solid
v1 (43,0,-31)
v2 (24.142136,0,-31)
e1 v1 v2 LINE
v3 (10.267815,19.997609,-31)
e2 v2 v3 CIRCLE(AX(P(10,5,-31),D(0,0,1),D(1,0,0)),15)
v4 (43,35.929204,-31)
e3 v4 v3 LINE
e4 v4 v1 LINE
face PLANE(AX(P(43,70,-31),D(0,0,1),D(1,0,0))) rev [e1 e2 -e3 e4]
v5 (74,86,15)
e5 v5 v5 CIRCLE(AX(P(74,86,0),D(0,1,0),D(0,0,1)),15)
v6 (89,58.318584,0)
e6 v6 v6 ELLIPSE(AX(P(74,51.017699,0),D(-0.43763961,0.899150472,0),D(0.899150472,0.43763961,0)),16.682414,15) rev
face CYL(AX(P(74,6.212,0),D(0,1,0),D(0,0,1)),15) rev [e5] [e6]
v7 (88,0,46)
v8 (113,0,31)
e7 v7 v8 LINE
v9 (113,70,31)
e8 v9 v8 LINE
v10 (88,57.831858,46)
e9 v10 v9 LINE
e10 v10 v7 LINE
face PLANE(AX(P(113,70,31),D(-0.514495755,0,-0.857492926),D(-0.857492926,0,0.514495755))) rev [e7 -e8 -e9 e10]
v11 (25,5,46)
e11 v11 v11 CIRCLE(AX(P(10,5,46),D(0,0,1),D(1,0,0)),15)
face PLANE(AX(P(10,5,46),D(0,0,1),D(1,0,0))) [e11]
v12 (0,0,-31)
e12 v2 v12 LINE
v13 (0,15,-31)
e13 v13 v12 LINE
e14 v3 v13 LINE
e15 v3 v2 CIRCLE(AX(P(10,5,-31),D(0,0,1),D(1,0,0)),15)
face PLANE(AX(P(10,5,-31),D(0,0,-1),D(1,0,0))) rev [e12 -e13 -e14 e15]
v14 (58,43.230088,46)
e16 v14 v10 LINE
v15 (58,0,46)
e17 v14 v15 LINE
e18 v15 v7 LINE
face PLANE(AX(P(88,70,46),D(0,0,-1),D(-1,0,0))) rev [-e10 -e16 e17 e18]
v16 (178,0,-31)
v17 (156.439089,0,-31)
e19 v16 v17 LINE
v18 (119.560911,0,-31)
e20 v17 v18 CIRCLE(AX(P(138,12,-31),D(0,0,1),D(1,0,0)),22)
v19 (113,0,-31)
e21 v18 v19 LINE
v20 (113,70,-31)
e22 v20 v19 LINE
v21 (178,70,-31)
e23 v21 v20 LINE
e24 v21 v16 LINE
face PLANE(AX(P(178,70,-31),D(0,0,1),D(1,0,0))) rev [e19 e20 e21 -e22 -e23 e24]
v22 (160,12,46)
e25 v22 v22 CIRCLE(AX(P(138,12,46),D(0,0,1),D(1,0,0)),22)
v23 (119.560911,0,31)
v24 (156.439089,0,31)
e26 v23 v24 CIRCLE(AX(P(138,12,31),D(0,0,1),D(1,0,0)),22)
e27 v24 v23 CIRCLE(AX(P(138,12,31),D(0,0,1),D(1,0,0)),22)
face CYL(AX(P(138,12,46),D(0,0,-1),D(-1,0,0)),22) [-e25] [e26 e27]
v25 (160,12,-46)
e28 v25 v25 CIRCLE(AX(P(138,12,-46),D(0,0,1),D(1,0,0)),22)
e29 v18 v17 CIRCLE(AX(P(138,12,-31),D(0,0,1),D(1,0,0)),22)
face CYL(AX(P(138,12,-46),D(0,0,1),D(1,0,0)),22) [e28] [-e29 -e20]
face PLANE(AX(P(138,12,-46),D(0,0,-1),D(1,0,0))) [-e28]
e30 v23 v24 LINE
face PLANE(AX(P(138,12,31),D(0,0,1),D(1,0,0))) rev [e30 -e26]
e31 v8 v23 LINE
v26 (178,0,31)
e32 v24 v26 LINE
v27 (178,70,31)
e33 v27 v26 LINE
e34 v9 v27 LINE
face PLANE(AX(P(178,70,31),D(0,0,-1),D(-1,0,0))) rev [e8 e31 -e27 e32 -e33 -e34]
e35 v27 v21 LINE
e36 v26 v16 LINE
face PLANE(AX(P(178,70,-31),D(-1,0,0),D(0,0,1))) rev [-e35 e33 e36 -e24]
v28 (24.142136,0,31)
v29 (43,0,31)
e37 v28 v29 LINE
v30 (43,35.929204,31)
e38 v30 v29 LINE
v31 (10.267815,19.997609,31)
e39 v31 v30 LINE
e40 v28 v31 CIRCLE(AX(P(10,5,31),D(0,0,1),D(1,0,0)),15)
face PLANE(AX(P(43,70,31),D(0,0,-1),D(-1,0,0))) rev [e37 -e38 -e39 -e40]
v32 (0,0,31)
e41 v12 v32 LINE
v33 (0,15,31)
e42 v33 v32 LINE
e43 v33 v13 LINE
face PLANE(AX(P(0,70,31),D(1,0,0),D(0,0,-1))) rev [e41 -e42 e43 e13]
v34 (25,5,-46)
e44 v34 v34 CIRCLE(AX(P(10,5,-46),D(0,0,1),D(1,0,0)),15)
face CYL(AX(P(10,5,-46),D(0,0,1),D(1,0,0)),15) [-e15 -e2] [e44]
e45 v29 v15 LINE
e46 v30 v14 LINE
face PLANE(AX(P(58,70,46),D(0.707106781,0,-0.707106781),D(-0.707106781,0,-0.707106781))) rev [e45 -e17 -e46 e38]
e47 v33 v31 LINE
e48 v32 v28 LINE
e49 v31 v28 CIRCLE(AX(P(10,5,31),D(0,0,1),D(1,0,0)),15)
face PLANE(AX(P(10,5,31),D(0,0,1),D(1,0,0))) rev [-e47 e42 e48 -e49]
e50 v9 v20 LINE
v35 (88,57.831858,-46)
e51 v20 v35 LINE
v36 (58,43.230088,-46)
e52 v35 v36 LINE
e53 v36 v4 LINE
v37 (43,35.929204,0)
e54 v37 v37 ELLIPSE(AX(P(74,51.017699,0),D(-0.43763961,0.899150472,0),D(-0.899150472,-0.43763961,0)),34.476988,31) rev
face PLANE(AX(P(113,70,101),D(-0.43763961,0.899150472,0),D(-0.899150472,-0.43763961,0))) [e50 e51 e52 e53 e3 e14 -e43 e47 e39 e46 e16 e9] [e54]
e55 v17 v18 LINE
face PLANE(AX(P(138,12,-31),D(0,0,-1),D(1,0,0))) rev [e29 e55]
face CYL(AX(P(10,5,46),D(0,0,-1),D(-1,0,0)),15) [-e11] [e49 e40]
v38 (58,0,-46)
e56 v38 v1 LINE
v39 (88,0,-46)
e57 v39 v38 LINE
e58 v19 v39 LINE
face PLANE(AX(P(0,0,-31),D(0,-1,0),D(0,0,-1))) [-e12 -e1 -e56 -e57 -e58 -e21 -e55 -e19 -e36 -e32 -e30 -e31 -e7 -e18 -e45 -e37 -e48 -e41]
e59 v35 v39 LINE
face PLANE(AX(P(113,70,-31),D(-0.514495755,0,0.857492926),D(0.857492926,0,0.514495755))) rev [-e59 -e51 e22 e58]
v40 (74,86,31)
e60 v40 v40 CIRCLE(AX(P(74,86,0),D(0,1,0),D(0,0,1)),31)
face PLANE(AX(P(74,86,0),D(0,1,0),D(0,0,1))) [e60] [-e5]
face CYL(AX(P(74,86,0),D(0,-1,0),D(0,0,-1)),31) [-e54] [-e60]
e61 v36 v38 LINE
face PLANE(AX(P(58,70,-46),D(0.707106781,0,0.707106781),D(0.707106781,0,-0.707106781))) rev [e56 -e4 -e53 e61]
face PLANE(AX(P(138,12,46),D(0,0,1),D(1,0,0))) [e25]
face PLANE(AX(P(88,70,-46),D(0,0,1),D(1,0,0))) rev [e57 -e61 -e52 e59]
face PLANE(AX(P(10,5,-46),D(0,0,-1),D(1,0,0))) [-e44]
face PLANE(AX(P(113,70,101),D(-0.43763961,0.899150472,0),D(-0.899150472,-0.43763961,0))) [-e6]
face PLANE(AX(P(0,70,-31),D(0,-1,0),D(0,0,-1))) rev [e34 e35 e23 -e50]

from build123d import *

# Parameters (mm, degrees)
EXTRUDE1_DEPTH      = 70
EXTRUDE2_DEPTH      = 70
EXTRUDE2_DEPTH_BACK = 90
SKETCH3_R           = 31
EXTRUDE3_DEPTH      = 86
EXTRUDE4_REACH      = 88
SKETCH4_R           = 15
SKETCH5_R           = 15
SKETCH5_R_2         = 22
EXTRUDE5_DEPTH      = 15


with BuildPart() as part:
    # Sketch1 → Extrude1 (new body)
    with BuildSketch(Plane(origin=(0, 0, 0), x_dir=(1, 0, 0), z_dir=(0, 1, 0))):
        Polygon((178, 31), (178, -31), (113, -31), (88, -46), (58, -46), (43, -31), (0, -31), (0, 31), (43, 31), (58, 46), (88, 46), (113, 31), align=None)
    extrude(amount=EXTRUDE1_DEPTH)

    # Sketch2 → Extrude2 (cut, two sides)
    with BuildSketch(Plane.XY.offset(31)) as extrude2_sk:
        Polygon((113, 70), (0, 70), (0, 15), align=None)
    extrude(amount=EXTRUDE2_DEPTH, mode=Mode.SUBTRACT)
    extrude(extrude2_sk.sketch, amount=-EXTRUDE2_DEPTH_BACK, mode=Mode.SUBTRACT)

    # Sketch3 → Extrude3 (add)
    with BuildSketch(Plane(origin=(0, 0, 0), x_dir=(1, 0, 0), z_dir=(0, 1, 0))):
        with Locations(Location((74, 0, 0), (0, 0, 180))):  # turned: the seam where the file's is
            Circle(SKETCH3_R)
    extrude(amount=EXTRUDE3_DEPTH)

    # Extrude4: up to this plane
    extrude4_end = Plane(origin=(113, 70, 101), z_dir=(-0.43763961, 0.899150472, 0))
    # Sketch4 → Extrude4 (cut, up to the surface)
    with BuildSketch(Plane(origin=(0, 86, 0), x_dir=(1, 0, 0), z_dir=(0, 1, 0)), mode=Mode.PRIVATE) as extrude4_sk1:
        with Locations(Location((74, 0, 0), (0, 0, 270))):  # turned: the seam where the file's is
            Circle(SKETCH4_R)
    extrude4_tool1 = split(extrude(extrude4_sk1.sketch, amount=-EXTRUDE4_REACH, mode=Mode.PRIVATE), bisect_by=extrude4_end, keep=Keep.BOTH, mode=Mode.PRIVATE)
    add(extrude4_tool1.solids().sort_by_distance((74, 86, 0))[0], mode=Mode.SUBTRACT)

    # Sketch5 → Extrude5 (add)
    with BuildSketch(Plane.XY.offset(31)):
        with Locations(Location((10, 5, 0), (0, 0, 88.976968381))):  # turned: the seam where the file's is
            Circle(SKETCH5_R)
        with Locations(Location((138, 12, 0), (0, 0, 213.055731151))):  # turned: the seam where the file's is
            Circle(SKETCH5_R_2)
    extrude5 = extrude(amount=EXTRUDE5_DEPTH)

    # Mirror1: Extrude5 across plane
    add(extrude5.mirror(Plane.XY))


solid = part.part
